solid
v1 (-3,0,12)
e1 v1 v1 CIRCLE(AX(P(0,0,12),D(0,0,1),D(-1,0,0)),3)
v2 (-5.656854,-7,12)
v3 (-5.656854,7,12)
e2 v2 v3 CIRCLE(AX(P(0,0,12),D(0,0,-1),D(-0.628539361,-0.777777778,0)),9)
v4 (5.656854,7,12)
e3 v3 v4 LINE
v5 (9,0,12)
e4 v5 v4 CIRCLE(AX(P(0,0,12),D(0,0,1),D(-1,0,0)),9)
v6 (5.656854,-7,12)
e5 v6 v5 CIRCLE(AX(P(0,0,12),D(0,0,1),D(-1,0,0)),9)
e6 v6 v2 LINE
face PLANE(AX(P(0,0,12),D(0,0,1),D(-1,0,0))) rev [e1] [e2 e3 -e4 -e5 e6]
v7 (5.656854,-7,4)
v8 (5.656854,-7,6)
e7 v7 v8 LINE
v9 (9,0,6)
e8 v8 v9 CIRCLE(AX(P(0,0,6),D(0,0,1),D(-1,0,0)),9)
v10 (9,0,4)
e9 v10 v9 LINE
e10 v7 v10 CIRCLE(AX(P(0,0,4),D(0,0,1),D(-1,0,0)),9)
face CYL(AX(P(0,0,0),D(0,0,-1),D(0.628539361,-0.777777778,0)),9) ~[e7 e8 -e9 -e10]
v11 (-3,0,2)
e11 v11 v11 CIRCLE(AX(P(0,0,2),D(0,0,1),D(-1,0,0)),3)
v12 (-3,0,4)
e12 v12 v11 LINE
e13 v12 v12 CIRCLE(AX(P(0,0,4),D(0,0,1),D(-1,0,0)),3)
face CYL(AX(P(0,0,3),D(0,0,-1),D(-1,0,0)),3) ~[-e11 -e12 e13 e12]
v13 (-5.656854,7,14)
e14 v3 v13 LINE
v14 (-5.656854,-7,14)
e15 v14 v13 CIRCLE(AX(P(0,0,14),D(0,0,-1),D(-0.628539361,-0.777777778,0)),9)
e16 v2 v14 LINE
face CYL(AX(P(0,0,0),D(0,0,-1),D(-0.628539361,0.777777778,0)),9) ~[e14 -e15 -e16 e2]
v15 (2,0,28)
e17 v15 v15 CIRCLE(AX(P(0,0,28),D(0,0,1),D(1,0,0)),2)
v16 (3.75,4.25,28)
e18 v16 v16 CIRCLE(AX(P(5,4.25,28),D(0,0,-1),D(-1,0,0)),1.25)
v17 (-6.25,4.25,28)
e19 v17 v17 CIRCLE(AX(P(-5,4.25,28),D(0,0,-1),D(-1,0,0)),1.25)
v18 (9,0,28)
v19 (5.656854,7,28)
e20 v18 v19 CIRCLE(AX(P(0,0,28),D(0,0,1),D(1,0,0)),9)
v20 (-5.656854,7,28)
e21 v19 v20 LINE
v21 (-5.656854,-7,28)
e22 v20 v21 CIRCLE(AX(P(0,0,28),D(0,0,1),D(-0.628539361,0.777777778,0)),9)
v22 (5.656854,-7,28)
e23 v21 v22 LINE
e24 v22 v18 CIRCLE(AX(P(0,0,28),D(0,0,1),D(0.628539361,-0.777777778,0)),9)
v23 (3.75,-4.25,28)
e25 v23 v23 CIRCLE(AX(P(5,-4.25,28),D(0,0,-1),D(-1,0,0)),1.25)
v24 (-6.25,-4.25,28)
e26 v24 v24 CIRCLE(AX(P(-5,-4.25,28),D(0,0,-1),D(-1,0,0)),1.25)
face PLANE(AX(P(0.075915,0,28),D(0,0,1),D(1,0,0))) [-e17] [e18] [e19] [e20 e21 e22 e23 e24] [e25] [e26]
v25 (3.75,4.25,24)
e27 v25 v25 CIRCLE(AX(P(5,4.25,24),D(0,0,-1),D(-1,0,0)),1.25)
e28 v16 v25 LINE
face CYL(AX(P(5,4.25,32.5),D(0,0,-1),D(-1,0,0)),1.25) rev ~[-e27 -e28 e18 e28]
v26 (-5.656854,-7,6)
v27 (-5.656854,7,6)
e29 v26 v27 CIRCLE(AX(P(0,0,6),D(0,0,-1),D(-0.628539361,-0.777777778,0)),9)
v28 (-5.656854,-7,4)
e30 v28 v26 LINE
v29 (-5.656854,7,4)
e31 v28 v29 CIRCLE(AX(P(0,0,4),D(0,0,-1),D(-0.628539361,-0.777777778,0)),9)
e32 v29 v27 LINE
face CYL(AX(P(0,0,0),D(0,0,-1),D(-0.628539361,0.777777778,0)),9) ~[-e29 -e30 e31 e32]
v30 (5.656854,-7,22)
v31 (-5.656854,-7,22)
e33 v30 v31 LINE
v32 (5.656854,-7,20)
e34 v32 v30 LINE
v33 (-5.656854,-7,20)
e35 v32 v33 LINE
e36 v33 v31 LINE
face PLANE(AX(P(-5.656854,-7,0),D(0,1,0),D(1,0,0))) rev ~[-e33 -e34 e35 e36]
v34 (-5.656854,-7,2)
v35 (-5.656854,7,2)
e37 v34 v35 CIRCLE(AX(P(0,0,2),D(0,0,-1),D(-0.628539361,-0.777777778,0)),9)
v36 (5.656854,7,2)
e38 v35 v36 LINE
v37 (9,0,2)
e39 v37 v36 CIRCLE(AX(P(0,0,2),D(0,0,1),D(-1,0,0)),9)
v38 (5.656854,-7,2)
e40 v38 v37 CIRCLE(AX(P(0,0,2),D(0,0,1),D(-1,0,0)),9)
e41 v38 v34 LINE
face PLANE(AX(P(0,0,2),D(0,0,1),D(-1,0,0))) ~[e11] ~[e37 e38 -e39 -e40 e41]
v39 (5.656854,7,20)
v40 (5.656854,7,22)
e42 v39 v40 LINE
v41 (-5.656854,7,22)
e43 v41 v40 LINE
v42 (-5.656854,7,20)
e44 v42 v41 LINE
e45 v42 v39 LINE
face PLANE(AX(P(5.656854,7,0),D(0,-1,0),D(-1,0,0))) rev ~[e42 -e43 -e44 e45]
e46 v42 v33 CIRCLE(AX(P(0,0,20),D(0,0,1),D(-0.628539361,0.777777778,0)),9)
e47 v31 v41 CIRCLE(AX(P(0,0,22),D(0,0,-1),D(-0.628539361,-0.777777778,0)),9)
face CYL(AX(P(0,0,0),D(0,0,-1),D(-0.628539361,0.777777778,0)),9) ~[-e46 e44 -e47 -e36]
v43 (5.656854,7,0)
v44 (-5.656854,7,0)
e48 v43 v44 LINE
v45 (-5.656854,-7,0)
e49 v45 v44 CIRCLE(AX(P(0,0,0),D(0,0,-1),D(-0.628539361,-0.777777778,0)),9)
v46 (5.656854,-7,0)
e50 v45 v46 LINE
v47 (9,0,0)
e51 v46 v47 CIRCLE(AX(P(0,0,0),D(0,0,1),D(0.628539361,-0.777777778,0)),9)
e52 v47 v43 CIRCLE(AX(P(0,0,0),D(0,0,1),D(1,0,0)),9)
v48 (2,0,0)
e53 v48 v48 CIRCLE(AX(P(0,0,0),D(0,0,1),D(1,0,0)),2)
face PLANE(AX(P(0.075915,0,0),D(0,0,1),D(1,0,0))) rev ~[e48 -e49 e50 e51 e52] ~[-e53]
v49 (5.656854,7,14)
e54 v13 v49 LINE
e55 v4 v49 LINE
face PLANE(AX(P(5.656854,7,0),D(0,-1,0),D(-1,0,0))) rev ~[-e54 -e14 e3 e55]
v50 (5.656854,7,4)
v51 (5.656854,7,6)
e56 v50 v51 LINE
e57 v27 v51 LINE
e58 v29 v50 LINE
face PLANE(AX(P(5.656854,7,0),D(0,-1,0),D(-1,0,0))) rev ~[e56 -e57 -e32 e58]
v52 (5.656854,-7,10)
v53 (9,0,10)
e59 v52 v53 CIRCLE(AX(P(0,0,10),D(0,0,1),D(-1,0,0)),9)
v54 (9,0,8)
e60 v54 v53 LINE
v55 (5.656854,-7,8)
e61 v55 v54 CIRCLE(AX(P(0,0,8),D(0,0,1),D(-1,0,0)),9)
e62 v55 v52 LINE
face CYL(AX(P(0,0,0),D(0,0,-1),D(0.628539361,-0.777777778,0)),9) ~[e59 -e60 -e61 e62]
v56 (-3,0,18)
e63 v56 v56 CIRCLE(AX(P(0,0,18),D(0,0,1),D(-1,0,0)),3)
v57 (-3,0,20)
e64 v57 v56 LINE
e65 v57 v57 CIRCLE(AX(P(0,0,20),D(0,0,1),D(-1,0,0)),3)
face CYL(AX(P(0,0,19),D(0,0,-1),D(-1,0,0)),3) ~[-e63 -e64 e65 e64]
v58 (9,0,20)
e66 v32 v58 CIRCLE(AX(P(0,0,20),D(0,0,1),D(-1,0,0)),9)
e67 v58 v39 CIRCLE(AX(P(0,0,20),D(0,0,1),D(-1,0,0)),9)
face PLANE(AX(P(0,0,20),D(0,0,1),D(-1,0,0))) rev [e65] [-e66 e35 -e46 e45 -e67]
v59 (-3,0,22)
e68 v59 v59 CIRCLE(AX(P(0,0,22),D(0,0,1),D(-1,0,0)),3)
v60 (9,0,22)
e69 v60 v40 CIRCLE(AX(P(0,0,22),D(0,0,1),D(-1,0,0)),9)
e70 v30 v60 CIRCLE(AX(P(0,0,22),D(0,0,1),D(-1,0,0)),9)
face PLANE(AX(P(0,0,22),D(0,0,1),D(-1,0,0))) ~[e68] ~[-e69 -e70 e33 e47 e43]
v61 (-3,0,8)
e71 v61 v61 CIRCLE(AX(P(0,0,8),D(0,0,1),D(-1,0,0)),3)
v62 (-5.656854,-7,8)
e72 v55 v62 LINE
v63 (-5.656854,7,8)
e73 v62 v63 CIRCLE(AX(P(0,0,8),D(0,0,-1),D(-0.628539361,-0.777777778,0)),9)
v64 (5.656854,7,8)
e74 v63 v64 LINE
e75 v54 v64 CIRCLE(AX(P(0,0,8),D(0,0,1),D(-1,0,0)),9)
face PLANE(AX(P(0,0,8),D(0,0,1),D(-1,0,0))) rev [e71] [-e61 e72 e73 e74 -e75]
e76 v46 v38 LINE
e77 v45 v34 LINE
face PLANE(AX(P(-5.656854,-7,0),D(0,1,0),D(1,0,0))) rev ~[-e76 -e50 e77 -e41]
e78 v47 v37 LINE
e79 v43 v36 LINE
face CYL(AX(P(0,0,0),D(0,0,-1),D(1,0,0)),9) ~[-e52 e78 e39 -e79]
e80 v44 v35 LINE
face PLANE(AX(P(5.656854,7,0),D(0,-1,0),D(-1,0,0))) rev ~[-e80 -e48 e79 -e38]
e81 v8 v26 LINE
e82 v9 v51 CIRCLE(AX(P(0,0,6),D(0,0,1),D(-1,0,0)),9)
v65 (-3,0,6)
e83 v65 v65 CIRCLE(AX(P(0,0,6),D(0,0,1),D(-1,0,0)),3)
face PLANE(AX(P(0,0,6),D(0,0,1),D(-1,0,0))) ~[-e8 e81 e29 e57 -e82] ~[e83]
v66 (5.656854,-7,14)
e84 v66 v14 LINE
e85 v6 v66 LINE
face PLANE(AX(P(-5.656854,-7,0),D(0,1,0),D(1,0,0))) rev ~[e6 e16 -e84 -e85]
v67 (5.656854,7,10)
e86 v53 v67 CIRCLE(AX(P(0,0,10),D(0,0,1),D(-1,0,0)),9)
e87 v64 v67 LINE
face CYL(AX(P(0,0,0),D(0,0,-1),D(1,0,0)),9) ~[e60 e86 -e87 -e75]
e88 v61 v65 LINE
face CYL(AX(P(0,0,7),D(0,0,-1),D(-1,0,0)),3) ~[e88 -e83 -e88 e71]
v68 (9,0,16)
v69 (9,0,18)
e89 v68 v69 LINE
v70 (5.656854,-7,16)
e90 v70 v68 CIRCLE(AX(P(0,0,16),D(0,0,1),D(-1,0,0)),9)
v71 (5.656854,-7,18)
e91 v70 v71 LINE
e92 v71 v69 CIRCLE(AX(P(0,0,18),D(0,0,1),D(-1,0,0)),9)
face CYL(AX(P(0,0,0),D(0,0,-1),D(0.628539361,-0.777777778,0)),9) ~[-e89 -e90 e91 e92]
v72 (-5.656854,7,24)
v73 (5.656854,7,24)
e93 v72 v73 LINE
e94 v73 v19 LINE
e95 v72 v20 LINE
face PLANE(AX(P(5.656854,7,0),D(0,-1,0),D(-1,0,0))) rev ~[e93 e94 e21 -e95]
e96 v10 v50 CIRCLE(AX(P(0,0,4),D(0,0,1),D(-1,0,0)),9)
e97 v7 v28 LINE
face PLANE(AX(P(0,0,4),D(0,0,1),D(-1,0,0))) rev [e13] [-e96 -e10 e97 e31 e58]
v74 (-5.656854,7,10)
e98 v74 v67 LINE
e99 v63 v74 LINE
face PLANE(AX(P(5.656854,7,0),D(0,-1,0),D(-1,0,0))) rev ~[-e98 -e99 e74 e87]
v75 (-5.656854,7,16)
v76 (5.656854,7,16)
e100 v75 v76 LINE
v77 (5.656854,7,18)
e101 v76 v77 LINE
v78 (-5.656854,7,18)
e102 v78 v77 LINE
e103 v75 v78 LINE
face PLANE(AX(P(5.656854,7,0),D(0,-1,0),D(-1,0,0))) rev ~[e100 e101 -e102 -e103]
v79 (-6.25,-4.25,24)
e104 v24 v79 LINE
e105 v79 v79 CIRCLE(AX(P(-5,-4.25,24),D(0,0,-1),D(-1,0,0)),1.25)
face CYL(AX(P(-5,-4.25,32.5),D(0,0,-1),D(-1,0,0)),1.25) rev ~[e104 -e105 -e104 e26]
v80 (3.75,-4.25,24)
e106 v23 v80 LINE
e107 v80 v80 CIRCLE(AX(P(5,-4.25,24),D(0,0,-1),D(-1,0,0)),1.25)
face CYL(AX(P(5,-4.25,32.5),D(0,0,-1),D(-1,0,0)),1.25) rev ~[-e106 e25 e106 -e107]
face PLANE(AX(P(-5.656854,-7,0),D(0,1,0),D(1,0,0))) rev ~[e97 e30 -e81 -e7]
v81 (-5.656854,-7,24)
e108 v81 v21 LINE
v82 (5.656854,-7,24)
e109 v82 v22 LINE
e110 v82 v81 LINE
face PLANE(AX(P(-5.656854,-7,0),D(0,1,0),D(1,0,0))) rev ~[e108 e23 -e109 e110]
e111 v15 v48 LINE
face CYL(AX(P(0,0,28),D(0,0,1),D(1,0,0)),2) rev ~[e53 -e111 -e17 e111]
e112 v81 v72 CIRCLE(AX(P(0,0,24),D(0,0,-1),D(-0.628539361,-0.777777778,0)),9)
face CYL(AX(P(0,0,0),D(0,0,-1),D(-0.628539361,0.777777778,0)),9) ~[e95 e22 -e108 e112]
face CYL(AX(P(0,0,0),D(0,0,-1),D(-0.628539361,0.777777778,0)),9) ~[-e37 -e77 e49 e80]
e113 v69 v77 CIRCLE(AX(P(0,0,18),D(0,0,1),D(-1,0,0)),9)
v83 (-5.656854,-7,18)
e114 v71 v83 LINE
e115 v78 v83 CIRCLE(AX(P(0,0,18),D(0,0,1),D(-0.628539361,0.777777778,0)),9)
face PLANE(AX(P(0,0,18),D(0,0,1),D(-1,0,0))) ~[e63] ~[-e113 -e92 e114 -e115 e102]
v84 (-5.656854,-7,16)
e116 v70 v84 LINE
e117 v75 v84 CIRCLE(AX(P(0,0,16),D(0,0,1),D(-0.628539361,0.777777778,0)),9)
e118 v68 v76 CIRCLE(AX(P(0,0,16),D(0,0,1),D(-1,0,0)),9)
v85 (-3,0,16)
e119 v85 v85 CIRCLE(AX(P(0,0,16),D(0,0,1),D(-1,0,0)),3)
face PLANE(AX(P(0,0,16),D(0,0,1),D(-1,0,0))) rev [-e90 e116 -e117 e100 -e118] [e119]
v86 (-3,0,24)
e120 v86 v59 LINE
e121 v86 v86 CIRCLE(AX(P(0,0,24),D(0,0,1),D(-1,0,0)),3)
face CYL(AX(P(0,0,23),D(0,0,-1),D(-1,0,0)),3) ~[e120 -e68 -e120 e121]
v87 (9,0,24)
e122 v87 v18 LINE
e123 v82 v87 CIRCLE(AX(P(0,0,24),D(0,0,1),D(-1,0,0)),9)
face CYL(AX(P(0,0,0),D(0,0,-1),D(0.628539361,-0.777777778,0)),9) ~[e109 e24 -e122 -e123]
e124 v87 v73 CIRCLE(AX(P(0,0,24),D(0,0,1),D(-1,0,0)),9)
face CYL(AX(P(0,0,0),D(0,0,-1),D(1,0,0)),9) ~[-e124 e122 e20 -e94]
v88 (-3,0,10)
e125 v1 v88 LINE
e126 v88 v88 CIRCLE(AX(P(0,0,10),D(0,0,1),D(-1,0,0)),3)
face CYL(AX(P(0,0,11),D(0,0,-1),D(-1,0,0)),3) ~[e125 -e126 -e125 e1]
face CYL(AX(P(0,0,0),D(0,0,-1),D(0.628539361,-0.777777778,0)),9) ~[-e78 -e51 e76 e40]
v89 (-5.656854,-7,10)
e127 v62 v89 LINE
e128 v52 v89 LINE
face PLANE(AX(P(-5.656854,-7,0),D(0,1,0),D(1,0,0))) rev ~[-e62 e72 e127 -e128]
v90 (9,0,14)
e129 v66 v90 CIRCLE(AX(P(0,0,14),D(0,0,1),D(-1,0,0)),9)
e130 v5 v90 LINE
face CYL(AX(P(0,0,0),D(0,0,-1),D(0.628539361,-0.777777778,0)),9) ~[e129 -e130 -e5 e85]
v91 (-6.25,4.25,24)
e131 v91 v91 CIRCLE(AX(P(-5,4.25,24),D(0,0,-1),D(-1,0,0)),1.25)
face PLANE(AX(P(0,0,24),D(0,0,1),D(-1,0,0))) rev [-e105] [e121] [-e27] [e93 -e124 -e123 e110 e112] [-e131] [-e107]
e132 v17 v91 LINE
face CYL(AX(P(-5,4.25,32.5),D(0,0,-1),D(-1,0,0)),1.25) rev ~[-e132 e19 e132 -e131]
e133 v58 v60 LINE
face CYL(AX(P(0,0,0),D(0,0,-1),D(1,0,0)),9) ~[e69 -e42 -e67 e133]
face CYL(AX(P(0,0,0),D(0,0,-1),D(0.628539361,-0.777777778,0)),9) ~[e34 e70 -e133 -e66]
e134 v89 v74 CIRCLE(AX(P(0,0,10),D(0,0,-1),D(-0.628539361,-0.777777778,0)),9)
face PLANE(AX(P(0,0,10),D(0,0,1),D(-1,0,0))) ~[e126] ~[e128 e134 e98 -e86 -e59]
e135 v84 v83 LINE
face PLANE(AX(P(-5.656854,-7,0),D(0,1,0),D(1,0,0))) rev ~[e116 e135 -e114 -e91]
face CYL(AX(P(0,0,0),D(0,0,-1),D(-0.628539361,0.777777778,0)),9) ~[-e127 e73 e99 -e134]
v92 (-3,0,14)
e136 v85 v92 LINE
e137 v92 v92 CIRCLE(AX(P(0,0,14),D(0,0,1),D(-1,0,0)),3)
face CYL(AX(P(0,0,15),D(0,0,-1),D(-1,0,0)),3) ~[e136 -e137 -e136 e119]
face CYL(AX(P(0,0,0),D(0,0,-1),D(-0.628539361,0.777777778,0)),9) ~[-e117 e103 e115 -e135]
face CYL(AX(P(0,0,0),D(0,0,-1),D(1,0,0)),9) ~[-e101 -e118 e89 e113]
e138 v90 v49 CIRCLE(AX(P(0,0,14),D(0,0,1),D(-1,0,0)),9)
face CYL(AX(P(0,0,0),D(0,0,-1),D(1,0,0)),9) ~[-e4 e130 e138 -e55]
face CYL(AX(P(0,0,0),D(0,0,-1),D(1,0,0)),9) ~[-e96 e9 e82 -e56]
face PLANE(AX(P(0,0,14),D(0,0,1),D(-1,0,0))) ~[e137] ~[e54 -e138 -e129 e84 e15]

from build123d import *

# Parameters (mm, degrees)
ESTRUSIONE_ESTRUSIONE1_DEPTH = 28
FORO_FILETTATO_M3_1_D        = 2.5
FORO_FILETTATO_M3_1_DEPTH    = 4.5
FORO_FILETTATO_M3_1_TIP      = 0.751075774
SCHIZZO4_R                   = 2
TAGLIO_ESTRUSIONE1_DEPTH     = 31.232432916
SCHIZZO5_W                   = 6
SCHIZZO5_H                   = 2
RIPETIZIONE_A_L1_COUNT       = 7
RIPETIZIONE_A_L1_PITCH       = 4


with BuildPart() as part:
    # Schizzo1 → Estrusione-Estrusione1 (new body)
    with BuildSketch(Plane.XY):
        with BuildLine():
            Line((5.656854249, 7), (-5.656854249, 7))
            ThreePointArc((-5.656854249, 7), (-9, 0), (-5.656854249, -7))
            Line((-5.656854249, -7), (5.656854249, -7))
            ThreePointArc((5.656854249, -7), (8.121320344, -3.878679656), (9, 0))
            ThreePointArc((9, 0), (8.121320344, 3.878679656), (5.656854249, 7))
        make_face()
    extrude(amount=ESTRUSIONE_ESTRUSIONE1_DEPTH)

    # Foro filettato M3-1
    with Locations(Plane(origin=(-5, 4.25, 28), x_dir=(1, 0, 0), z_dir=(0, 0, 1))):
        with Locations((0, 0), (10, 0), (0, -8.5), (10, -8.5)):
            Hole(FORO_FILETTATO_M3_1_D / 2, depth=FORO_FILETTATO_M3_1_DEPTH)
            with Locations((0, 0, -(FORO_FILETTATO_M3_1_DEPTH + FORO_FILETTATO_M3_1_TIP / 2))):  # 118° drill point
                Cone(0, FORO_FILETTATO_M3_1_D / 2, FORO_FILETTATO_M3_1_TIP, mode=Mode.SUBTRACT)

    # Schizzo4 → Taglio-Estrusione1 (cut, through all)
    with BuildSketch(Plane.XY.offset(28)):
        Circle(SCHIZZO4_R)
    extrude(amount=-TAGLIO_ESTRUSIONE1_DEPTH, mode=Mode.SUBTRACT)

    # Schizzo5 → Taglia-Rivoluzione1 (revolve, cut)
    with BuildSketch(Plane(origin=(0, 0, 0), x_dir=(1, 0, 0), z_dir=(0, 1, 0)), mode=Mode.PRIVATE) as taglia_rivoluzione1_sk:
        with Locations((6, -23)):
            Rectangle(SCHIZZO5_W, SCHIZZO5_H)
    taglia_rivoluzione1 = revolve(taglia_rivoluzione1_sk.sketch.rotate(Axis((0, 0, 0), (0, 0, 1)), 180), axis=Axis((0, 0, 0), (0, 0, 1)), mode=Mode.SUBTRACT)

    # Ripetizione a L1: Taglia-Rivoluzione1 ×7
    with Locations(*[(0, 0, -i * RIPETIZIONE_A_L1_PITCH) for i in range(1, RIPETIZIONE_A_L1_COUNT)]):
        add(taglia_rivoluzione1, mode=Mode.SUBTRACT)


solid = part.part
